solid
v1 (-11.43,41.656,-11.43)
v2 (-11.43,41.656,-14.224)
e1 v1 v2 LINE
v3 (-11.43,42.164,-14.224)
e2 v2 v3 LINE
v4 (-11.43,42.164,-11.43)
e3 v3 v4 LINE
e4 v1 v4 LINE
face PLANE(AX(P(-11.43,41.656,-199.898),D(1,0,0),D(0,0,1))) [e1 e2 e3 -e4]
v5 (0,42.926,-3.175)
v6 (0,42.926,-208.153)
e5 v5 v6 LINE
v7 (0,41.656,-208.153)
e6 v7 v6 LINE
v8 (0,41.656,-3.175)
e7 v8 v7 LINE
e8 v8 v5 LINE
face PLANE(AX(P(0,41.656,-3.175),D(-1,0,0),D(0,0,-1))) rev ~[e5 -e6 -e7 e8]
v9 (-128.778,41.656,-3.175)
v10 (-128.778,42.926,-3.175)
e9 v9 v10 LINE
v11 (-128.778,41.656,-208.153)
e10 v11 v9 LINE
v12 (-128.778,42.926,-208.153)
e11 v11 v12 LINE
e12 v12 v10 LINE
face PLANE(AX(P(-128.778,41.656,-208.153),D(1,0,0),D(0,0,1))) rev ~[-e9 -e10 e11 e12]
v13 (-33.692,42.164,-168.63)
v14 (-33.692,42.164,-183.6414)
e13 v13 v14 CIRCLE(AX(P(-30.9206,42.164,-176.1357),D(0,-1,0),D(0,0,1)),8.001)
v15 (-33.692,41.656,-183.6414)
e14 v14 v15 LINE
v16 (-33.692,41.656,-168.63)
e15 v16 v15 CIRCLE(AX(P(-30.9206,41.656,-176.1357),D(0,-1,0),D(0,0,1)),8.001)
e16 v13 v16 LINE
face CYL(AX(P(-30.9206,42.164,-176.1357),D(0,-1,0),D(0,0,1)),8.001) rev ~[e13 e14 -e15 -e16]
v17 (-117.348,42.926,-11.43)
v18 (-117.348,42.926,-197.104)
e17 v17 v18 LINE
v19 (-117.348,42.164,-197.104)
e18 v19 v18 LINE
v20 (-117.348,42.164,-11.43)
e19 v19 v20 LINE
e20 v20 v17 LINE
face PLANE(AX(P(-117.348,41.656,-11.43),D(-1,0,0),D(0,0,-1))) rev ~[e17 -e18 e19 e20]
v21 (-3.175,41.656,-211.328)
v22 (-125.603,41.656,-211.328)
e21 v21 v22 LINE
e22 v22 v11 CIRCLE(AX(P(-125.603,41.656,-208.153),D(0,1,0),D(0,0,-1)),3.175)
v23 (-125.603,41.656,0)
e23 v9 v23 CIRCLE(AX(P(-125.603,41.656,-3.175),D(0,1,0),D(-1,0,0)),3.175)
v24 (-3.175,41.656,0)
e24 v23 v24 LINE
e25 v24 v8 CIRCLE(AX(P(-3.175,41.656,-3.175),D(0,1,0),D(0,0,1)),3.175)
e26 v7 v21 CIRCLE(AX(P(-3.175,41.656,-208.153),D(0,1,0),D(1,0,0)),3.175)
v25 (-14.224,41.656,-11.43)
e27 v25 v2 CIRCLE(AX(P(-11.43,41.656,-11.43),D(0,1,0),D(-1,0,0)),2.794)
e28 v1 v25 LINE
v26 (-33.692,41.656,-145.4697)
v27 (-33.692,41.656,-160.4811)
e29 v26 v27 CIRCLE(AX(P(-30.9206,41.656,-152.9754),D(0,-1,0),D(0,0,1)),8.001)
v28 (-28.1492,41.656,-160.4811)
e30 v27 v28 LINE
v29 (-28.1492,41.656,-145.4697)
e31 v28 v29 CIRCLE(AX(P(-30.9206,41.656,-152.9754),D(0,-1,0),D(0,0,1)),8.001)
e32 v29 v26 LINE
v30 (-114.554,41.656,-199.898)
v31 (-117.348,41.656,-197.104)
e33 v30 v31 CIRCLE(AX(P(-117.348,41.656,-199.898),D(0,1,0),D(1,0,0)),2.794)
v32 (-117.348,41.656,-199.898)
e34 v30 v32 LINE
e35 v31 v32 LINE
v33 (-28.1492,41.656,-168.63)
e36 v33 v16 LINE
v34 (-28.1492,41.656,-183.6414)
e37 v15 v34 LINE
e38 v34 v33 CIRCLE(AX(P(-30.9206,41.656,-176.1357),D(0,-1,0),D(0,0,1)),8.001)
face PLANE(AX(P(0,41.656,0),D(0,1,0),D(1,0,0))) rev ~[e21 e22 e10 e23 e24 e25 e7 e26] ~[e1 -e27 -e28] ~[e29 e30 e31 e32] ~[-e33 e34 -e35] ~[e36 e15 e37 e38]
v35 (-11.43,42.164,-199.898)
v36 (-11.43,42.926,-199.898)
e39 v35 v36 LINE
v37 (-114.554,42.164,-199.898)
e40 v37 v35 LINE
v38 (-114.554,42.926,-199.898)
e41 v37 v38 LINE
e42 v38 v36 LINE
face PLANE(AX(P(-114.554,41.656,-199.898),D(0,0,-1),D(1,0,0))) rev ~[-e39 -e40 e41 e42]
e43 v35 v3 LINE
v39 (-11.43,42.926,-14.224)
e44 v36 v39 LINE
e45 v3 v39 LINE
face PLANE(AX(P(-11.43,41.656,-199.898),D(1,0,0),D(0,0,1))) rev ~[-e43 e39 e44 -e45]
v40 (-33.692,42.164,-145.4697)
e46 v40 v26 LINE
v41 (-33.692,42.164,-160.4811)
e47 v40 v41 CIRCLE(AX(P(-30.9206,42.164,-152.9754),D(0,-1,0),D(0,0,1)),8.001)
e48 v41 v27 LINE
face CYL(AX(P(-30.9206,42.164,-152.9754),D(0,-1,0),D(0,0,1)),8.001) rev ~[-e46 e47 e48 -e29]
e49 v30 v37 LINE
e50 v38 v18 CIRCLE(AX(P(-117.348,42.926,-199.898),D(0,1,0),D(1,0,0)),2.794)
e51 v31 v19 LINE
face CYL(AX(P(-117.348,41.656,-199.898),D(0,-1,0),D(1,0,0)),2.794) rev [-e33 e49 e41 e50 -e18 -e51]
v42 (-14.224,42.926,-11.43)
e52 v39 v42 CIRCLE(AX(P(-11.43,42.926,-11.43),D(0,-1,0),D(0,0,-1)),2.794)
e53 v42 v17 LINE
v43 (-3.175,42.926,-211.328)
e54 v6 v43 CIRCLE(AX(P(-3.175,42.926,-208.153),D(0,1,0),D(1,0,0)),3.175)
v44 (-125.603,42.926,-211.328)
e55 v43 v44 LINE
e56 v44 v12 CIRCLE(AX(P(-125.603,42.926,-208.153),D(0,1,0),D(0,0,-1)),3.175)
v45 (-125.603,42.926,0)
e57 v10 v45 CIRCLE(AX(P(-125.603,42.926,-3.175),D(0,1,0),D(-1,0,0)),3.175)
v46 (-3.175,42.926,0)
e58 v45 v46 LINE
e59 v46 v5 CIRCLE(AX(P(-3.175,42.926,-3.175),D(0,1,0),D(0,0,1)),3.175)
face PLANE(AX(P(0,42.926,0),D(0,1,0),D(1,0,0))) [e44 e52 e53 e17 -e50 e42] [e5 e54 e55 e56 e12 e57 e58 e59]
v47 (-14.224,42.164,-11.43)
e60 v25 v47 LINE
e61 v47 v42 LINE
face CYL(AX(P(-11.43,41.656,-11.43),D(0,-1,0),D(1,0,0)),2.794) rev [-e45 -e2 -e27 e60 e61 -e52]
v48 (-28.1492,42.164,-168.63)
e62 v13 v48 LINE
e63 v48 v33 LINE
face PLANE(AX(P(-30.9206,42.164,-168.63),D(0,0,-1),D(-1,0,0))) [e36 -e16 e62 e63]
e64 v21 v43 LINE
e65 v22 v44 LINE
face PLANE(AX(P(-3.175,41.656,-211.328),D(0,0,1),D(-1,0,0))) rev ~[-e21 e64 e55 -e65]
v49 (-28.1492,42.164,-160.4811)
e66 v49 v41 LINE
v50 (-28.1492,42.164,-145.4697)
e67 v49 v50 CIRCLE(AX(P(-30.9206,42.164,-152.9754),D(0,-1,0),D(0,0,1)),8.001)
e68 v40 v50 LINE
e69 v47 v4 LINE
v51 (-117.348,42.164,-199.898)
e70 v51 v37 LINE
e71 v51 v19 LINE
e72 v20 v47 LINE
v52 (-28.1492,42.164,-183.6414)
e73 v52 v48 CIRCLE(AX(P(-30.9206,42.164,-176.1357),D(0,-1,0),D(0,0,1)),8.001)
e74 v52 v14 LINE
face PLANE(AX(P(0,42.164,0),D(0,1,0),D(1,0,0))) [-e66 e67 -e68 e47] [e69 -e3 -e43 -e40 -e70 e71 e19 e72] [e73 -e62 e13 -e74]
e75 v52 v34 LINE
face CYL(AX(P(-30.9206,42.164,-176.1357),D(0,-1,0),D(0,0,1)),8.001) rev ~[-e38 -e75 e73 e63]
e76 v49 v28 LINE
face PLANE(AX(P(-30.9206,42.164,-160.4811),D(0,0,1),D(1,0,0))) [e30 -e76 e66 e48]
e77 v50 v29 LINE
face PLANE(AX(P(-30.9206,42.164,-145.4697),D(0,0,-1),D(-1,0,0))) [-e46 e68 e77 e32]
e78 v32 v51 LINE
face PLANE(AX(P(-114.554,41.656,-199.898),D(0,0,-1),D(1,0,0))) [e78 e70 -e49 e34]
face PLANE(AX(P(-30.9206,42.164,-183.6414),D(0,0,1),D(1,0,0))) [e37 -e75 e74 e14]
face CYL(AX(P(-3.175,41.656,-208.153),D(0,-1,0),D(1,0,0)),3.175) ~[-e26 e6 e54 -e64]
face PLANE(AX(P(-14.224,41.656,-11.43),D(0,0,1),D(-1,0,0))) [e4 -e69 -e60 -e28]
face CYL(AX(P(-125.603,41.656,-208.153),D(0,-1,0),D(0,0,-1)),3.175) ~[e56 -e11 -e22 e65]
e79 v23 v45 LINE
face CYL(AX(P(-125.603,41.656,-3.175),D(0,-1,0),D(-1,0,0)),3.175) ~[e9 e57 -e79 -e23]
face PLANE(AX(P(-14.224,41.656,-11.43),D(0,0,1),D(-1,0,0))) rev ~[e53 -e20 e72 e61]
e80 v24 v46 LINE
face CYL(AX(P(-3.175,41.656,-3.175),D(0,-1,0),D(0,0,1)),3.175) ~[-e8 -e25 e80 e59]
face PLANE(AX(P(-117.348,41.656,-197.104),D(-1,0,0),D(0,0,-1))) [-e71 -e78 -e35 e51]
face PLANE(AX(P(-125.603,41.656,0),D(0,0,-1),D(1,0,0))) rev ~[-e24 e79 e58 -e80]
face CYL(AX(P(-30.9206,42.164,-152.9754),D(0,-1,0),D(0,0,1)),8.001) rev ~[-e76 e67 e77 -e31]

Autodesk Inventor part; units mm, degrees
ref_plane "YZ Plane" through (0, 0, 0) normal (1, 0, 0) x (0, 1, 0)
ref_plane "XZ Plane" through (0, 0, 0) normal (0, 1, 0) x (-1, 0, 0)
ref_plane "XY Plane" through (0, 0, 0) normal (0, 0, 1) x (1, 0, 0)
ref_plane "Work Plane1" through (0, 41.656, 0) normal (0, 1, 0) x (1, 0, 0)
sketch "Sketch2" plane through (0, 41.656, 0) normal (0, 1, 0) x (1, 0, 0)
  line L0 (-118.364, 207.264) -> (-10.414, 207.264) projected
  arc A0 (-4.064, 200.914) -> (-10.414, 207.264) centre (-10.414, 200.914) ccw projected
  line L1 (-4.064, 200.914) -> (-4.064, 10.414) projected
  arc A1 (-10.414, 4.064) -> (-4.064, 10.414) centre (-10.414, 10.414) ccw projected
  line L2 (-10.414, 4.064) -> (-118.364, 4.064) projected
  arc A2 (-124.714, 10.414) -> (-118.364, 4.064) centre (-118.364, 10.414) ccw projected
  line L3 (-124.714, 10.414) -> (-124.714, 200.914) projected
  arc A3 (-118.364, 207.264) -> (-124.714, 200.914) centre (-118.364, 200.914) ccw projected
  line L4 (-128.778, 208.153) -> (-128.778, 3.175) projected
  arc A4 (-128.778, 3.175) -> (-125.603, 0) centre (-125.603, 3.175) ccw projected
  line L5 (-125.603, 0) -> (-3.175, 0) projected
  arc A5 (-3.175, 0) -> (0, 3.175) centre (-3.175, 3.175) ccw projected
  line L6 (0, 3.175) -> (0, 208.153) projected
  arc A6 (0, 208.153) -> (-3.175, 211.328) centre (-3.175, 208.153) ccw projected
  line L7 (-3.175, 211.328) -> (-125.603, 211.328) projected
  arc A7 (-125.603, 211.328) -> (-128.778, 208.153) centre (-125.603, 208.153) ccw projected
  circle A8 centre (-117.348, 199.898) radius 2.794 projected
  circle A9 centre (-11.43, 11.43) radius 2.794 projected
  line L8 (-117.348, 199.898) -> (-11.43, 199.898)
  line L9 (-11.43, 199.898) -> (-11.43, 11.43)
  line L10 (-11.43, 11.43) -> (-117.348, 11.43)
  line L11 (-117.348, 11.43) -> (-117.348, 199.898)
  point P0 (0, 0)
extrude "Extrusion5" add sketch "Sketch2" along normal blind 1.27 contours L0 A0 L1 A1 L2 A2 L3 A3 | A7 L7 A6 L6 A5 L5 A4 L4
extrude "Extrusion6" add sketch "Sketch2" along normal blind 0.508 contours L8 L9 A9 L10 L11 A8 | A8 L11 L8 | L9 L10 A9 picked at (-115.5087, 199.6908) picked at (-13.2693, 11.6372)
sketch "Sketch3" plane through (0, 42.164, 0) normal (0, 1, 0) x (1, 0, 0)
  line L0 (-14.224, 11.43) -> (-117.348, 11.43) projected
  line L1 (-114.554, 199.898) -> (-11.43, 199.898) projected
  line L2 (-117.348, 11.43) -> (-62.992, 11.43)
  line L3 (-62.992, 11.43) -> (-62.992, 199.898)
  line L4 (-62.992, 199.898) -> (-117.348, 199.898)
  line L5 (-117.348, 199.898) -> (-117.348, 11.43)
  line L6 (-11.43, 199.898) -> (-62.992, 199.898)
  line L7 (-62.992, 199.898) -> (-62.992, 105.664)
  line L8 (-62.992, 105.664) -> (-11.43, 105.664)
  line L9 (-11.43, 105.664) -> (-11.43, 199.898)
  line L10 (-37.211, 105.664) -> (-62.992, 105.664)
  line L11 (-62.992, 105.664) -> (-62.992, 199.898)
  line L12 (-62.992, 199.898) -> (-37.211, 199.898)
  line L13 (-37.211, 199.898) -> (-37.211, 105.664)
  line L14 (-11.43, 199.898) -> (-11.43, 14.224) projected
  line L15 (-11.43, 199.898) -> (-37.211, 199.898)
  line L16 (-37.211, 199.898) -> (-37.211, 152.781)
  line L17 (-37.211, 152.781) -> (-11.43, 152.781)
  line L18 (-11.43, 152.781) -> (-11.43, 199.898)
  line L19 (-11.43, 105.664) -> (-24.3205, 105.664)
  line L20 (-24.3205, 105.664) -> (-24.3205, 199.898)
  line L21 (-24.3205, 199.898) -> (-11.43, 199.898)
  line L22 (-11.43, 199.898) -> (-11.43, 105.664)
  line L23 (-37.211, 176.3395) -> (-24.3205, 176.3395)
  line L24 (-24.3205, 176.3395) -> (-24.3205, 152.781)
  line L25 (-24.3205, 152.781) -> (-37.211, 152.781)
  line L26 (-37.211, 152.781) -> (-37.211, 176.3395)
  line L27 (-37.211, 105.664) -> (-24.3205, 105.664)
  line L28 (-24.3205, 105.664) -> (-24.3205, 152.781)
  line L29 (-24.3205, 152.781) -> (-37.211, 152.781)
  line L30 (-37.211, 152.781) -> (-37.211, 105.664)
  line L31 (-37.211, 129.2225) -> (-24.3205, 129.2225)
  line L32 (-24.3205, 129.2225) -> (-24.3205, 152.781)
  line L33 (-24.3205, 152.781) -> (-37.211, 152.781)
  line L34 (-37.211, 152.781) -> (-37.211, 129.2225)
  line L35 (-24.3205, 105.664) -> (-30.7657, 105.664)
  line L36 (-30.7657, 105.664) -> (-30.7657, 129.2225)
  line L37 (-30.7657, 129.2225) -> (-24.3205, 129.2225)
  line L38 (-24.3205, 129.2225) -> (-24.3205, 105.664)
  line L39 (-30.7657, 129.2225) -> (-24.3205, 129.2225)
  line L40 (-24.3205, 129.2225) -> (-24.3205, 199.898)
  line L41 (-24.3205, 199.898) -> (-30.7657, 199.898)
  line L42 (-30.7657, 199.898) -> (-30.7657, 129.2225)
  point P0 (0, 0)
sketch "Sketch4" plane through (0, 42.164, 0) normal (0, 1, 0) x (1, 0, 0)
  point P0 (0, 0)
  point P1 (-30.9206, 152.9754)
  point P2 (-30.9206, 176.1357)
hole "Hole1" at (-30.9206, 42.164, -152.9754) at (-30.9206, 42.164, -176.1357) direction (0, -1, 0) diameter 16.002 depth 8.001 tip angle 118
sketch "Sketch5" plane through (0, 42.164, 0) normal (0, 1, 0) x (1, 0, 0)
  circle A0 centre (-30.9206, 152.9754) radius 8.001 projected
  circle A1 centre (-30.9206, 176.1357) radius 8.001 projected
  line L0 (-30.9206, 152.9754) -> (-38.9216, 152.9754)
  line L1 (-30.9206, 152.9754) -> (-22.9196, 152.9754)
  circle A2 centre (-30.9206, 176.1357) radius 8.001 projected
  line L2 (-38.9216, 176.1357) -> (-30.9206, 176.1357)
  line L3 (-30.9206, 176.1357) -> (-22.9196, 176.1357)
  circle A3 centre (-30.9206, 152.9754) radius 7.5057
  circle A4 centre (-30.9206, 176.1357) radius 7.5057
  line L4 (-30.9206, 152.9754) -> (-38.9216, 152.9754)
  line L5 (-38.9216, 152.9754) -> (-38.9216, 160.4811)
  line L6 (-38.9216, 160.4811) -> (-30.9206, 160.4811)
  line L7 (-30.9206, 160.4811) -> (-30.9206, 152.9754)
  line L8 (-30.9206, 152.9754) -> (-22.9196, 152.9754)
  line L9 (-22.9196, 152.9754) -> (-22.9196, 145.4697)
  line L10 (-22.9196, 145.4697) -> (-30.9206, 145.4697)
  line L11 (-30.9206, 145.4697) -> (-30.9206, 152.9754)
  line L12 (-22.9196, 145.4697) -> (-38.9216, 145.4697)
  line L13 (-38.9216, 145.4697) -> (-38.9216, 160.4811)
  line L14 (-38.9216, 160.4811) -> (-22.9196, 160.4811)
  line L15 (-22.9196, 160.4811) -> (-22.9196, 145.4697)
  line L16 (-30.9206, 176.1357) -> (-22.9196, 176.1357)
  line L17 (-22.9196, 176.1357) -> (-22.9196, 168.63)
  line L18 (-22.9196, 168.63) -> (-30.9206, 168.63)
  line L19 (-30.9206, 168.63) -> (-30.9206, 176.1357)
  line L20 (-30.9206, 176.1357) -> (-38.9216, 176.1357)
  line L21 (-38.9216, 176.1357) -> (-38.9216, 183.6414)
  line L22 (-38.9216, 183.6414) -> (-30.9206, 183.6414)
  line L23 (-30.9206, 183.6414) -> (-30.9206, 176.1357)
  line L24 (-38.9216, 183.6414) -> (-22.9196, 183.6414)
  line L25 (-22.9196, 183.6414) -> (-22.9196, 168.63)
  line L26 (-22.9196, 168.63) -> (-38.9216, 168.63)
  line L27 (-38.9216, 168.63) -> (-38.9216, 183.6414)
  circle A5 centre (-30.9206, 152.9754) radius 8.001
  circle A6 centre (-30.9206, 176.1357) radius 8.001
  line L28 (-33.692, 183.6414) -> (-28.1492, 183.6414)
  arc A7 (-28.1492, 183.6414) -> (-33.692, 183.6414) centre (-30.9206, 176.1357) ccw
  arc A8 (-33.692, 168.63) -> (-28.1492, 168.63) centre (-30.9206, 176.1357) ccw
  line L29 (-33.692, 168.63) -> (-28.1492, 168.63)
  arc A9 (-28.1492, 160.4811) -> (-33.692, 160.4811) centre (-30.9206, 152.9754) ccw
  arc A10 (-33.692, 145.4697) -> (-28.1492, 145.4697) centre (-30.9206, 152.9754) ccw
  line L30 (-33.692, 145.4697) -> (-28.1492, 145.4697)
  line L31 (-33.692, 160.4811) -> (-28.1492, 160.4811)
  point P0 (0, 0)
  dimension "d51" = 15.0114
  dimension "d52" = 15.0114
  dimension "d53" = 15.0114
  dimension "d54" = 15.0114
  dimension "d55" = 16.002
  dimension "d56" = 8.001
  dimension "d57" = 7.5057
  dimension "d58" = 7.5057
extrude "Extrusion7" add sketch "Sketch5" against normal blind 0.508 contours L14 L6 A0 | A0 L12 L10 | L24 L22 A1 | A1 L26 L18
properties part number "Lid"
